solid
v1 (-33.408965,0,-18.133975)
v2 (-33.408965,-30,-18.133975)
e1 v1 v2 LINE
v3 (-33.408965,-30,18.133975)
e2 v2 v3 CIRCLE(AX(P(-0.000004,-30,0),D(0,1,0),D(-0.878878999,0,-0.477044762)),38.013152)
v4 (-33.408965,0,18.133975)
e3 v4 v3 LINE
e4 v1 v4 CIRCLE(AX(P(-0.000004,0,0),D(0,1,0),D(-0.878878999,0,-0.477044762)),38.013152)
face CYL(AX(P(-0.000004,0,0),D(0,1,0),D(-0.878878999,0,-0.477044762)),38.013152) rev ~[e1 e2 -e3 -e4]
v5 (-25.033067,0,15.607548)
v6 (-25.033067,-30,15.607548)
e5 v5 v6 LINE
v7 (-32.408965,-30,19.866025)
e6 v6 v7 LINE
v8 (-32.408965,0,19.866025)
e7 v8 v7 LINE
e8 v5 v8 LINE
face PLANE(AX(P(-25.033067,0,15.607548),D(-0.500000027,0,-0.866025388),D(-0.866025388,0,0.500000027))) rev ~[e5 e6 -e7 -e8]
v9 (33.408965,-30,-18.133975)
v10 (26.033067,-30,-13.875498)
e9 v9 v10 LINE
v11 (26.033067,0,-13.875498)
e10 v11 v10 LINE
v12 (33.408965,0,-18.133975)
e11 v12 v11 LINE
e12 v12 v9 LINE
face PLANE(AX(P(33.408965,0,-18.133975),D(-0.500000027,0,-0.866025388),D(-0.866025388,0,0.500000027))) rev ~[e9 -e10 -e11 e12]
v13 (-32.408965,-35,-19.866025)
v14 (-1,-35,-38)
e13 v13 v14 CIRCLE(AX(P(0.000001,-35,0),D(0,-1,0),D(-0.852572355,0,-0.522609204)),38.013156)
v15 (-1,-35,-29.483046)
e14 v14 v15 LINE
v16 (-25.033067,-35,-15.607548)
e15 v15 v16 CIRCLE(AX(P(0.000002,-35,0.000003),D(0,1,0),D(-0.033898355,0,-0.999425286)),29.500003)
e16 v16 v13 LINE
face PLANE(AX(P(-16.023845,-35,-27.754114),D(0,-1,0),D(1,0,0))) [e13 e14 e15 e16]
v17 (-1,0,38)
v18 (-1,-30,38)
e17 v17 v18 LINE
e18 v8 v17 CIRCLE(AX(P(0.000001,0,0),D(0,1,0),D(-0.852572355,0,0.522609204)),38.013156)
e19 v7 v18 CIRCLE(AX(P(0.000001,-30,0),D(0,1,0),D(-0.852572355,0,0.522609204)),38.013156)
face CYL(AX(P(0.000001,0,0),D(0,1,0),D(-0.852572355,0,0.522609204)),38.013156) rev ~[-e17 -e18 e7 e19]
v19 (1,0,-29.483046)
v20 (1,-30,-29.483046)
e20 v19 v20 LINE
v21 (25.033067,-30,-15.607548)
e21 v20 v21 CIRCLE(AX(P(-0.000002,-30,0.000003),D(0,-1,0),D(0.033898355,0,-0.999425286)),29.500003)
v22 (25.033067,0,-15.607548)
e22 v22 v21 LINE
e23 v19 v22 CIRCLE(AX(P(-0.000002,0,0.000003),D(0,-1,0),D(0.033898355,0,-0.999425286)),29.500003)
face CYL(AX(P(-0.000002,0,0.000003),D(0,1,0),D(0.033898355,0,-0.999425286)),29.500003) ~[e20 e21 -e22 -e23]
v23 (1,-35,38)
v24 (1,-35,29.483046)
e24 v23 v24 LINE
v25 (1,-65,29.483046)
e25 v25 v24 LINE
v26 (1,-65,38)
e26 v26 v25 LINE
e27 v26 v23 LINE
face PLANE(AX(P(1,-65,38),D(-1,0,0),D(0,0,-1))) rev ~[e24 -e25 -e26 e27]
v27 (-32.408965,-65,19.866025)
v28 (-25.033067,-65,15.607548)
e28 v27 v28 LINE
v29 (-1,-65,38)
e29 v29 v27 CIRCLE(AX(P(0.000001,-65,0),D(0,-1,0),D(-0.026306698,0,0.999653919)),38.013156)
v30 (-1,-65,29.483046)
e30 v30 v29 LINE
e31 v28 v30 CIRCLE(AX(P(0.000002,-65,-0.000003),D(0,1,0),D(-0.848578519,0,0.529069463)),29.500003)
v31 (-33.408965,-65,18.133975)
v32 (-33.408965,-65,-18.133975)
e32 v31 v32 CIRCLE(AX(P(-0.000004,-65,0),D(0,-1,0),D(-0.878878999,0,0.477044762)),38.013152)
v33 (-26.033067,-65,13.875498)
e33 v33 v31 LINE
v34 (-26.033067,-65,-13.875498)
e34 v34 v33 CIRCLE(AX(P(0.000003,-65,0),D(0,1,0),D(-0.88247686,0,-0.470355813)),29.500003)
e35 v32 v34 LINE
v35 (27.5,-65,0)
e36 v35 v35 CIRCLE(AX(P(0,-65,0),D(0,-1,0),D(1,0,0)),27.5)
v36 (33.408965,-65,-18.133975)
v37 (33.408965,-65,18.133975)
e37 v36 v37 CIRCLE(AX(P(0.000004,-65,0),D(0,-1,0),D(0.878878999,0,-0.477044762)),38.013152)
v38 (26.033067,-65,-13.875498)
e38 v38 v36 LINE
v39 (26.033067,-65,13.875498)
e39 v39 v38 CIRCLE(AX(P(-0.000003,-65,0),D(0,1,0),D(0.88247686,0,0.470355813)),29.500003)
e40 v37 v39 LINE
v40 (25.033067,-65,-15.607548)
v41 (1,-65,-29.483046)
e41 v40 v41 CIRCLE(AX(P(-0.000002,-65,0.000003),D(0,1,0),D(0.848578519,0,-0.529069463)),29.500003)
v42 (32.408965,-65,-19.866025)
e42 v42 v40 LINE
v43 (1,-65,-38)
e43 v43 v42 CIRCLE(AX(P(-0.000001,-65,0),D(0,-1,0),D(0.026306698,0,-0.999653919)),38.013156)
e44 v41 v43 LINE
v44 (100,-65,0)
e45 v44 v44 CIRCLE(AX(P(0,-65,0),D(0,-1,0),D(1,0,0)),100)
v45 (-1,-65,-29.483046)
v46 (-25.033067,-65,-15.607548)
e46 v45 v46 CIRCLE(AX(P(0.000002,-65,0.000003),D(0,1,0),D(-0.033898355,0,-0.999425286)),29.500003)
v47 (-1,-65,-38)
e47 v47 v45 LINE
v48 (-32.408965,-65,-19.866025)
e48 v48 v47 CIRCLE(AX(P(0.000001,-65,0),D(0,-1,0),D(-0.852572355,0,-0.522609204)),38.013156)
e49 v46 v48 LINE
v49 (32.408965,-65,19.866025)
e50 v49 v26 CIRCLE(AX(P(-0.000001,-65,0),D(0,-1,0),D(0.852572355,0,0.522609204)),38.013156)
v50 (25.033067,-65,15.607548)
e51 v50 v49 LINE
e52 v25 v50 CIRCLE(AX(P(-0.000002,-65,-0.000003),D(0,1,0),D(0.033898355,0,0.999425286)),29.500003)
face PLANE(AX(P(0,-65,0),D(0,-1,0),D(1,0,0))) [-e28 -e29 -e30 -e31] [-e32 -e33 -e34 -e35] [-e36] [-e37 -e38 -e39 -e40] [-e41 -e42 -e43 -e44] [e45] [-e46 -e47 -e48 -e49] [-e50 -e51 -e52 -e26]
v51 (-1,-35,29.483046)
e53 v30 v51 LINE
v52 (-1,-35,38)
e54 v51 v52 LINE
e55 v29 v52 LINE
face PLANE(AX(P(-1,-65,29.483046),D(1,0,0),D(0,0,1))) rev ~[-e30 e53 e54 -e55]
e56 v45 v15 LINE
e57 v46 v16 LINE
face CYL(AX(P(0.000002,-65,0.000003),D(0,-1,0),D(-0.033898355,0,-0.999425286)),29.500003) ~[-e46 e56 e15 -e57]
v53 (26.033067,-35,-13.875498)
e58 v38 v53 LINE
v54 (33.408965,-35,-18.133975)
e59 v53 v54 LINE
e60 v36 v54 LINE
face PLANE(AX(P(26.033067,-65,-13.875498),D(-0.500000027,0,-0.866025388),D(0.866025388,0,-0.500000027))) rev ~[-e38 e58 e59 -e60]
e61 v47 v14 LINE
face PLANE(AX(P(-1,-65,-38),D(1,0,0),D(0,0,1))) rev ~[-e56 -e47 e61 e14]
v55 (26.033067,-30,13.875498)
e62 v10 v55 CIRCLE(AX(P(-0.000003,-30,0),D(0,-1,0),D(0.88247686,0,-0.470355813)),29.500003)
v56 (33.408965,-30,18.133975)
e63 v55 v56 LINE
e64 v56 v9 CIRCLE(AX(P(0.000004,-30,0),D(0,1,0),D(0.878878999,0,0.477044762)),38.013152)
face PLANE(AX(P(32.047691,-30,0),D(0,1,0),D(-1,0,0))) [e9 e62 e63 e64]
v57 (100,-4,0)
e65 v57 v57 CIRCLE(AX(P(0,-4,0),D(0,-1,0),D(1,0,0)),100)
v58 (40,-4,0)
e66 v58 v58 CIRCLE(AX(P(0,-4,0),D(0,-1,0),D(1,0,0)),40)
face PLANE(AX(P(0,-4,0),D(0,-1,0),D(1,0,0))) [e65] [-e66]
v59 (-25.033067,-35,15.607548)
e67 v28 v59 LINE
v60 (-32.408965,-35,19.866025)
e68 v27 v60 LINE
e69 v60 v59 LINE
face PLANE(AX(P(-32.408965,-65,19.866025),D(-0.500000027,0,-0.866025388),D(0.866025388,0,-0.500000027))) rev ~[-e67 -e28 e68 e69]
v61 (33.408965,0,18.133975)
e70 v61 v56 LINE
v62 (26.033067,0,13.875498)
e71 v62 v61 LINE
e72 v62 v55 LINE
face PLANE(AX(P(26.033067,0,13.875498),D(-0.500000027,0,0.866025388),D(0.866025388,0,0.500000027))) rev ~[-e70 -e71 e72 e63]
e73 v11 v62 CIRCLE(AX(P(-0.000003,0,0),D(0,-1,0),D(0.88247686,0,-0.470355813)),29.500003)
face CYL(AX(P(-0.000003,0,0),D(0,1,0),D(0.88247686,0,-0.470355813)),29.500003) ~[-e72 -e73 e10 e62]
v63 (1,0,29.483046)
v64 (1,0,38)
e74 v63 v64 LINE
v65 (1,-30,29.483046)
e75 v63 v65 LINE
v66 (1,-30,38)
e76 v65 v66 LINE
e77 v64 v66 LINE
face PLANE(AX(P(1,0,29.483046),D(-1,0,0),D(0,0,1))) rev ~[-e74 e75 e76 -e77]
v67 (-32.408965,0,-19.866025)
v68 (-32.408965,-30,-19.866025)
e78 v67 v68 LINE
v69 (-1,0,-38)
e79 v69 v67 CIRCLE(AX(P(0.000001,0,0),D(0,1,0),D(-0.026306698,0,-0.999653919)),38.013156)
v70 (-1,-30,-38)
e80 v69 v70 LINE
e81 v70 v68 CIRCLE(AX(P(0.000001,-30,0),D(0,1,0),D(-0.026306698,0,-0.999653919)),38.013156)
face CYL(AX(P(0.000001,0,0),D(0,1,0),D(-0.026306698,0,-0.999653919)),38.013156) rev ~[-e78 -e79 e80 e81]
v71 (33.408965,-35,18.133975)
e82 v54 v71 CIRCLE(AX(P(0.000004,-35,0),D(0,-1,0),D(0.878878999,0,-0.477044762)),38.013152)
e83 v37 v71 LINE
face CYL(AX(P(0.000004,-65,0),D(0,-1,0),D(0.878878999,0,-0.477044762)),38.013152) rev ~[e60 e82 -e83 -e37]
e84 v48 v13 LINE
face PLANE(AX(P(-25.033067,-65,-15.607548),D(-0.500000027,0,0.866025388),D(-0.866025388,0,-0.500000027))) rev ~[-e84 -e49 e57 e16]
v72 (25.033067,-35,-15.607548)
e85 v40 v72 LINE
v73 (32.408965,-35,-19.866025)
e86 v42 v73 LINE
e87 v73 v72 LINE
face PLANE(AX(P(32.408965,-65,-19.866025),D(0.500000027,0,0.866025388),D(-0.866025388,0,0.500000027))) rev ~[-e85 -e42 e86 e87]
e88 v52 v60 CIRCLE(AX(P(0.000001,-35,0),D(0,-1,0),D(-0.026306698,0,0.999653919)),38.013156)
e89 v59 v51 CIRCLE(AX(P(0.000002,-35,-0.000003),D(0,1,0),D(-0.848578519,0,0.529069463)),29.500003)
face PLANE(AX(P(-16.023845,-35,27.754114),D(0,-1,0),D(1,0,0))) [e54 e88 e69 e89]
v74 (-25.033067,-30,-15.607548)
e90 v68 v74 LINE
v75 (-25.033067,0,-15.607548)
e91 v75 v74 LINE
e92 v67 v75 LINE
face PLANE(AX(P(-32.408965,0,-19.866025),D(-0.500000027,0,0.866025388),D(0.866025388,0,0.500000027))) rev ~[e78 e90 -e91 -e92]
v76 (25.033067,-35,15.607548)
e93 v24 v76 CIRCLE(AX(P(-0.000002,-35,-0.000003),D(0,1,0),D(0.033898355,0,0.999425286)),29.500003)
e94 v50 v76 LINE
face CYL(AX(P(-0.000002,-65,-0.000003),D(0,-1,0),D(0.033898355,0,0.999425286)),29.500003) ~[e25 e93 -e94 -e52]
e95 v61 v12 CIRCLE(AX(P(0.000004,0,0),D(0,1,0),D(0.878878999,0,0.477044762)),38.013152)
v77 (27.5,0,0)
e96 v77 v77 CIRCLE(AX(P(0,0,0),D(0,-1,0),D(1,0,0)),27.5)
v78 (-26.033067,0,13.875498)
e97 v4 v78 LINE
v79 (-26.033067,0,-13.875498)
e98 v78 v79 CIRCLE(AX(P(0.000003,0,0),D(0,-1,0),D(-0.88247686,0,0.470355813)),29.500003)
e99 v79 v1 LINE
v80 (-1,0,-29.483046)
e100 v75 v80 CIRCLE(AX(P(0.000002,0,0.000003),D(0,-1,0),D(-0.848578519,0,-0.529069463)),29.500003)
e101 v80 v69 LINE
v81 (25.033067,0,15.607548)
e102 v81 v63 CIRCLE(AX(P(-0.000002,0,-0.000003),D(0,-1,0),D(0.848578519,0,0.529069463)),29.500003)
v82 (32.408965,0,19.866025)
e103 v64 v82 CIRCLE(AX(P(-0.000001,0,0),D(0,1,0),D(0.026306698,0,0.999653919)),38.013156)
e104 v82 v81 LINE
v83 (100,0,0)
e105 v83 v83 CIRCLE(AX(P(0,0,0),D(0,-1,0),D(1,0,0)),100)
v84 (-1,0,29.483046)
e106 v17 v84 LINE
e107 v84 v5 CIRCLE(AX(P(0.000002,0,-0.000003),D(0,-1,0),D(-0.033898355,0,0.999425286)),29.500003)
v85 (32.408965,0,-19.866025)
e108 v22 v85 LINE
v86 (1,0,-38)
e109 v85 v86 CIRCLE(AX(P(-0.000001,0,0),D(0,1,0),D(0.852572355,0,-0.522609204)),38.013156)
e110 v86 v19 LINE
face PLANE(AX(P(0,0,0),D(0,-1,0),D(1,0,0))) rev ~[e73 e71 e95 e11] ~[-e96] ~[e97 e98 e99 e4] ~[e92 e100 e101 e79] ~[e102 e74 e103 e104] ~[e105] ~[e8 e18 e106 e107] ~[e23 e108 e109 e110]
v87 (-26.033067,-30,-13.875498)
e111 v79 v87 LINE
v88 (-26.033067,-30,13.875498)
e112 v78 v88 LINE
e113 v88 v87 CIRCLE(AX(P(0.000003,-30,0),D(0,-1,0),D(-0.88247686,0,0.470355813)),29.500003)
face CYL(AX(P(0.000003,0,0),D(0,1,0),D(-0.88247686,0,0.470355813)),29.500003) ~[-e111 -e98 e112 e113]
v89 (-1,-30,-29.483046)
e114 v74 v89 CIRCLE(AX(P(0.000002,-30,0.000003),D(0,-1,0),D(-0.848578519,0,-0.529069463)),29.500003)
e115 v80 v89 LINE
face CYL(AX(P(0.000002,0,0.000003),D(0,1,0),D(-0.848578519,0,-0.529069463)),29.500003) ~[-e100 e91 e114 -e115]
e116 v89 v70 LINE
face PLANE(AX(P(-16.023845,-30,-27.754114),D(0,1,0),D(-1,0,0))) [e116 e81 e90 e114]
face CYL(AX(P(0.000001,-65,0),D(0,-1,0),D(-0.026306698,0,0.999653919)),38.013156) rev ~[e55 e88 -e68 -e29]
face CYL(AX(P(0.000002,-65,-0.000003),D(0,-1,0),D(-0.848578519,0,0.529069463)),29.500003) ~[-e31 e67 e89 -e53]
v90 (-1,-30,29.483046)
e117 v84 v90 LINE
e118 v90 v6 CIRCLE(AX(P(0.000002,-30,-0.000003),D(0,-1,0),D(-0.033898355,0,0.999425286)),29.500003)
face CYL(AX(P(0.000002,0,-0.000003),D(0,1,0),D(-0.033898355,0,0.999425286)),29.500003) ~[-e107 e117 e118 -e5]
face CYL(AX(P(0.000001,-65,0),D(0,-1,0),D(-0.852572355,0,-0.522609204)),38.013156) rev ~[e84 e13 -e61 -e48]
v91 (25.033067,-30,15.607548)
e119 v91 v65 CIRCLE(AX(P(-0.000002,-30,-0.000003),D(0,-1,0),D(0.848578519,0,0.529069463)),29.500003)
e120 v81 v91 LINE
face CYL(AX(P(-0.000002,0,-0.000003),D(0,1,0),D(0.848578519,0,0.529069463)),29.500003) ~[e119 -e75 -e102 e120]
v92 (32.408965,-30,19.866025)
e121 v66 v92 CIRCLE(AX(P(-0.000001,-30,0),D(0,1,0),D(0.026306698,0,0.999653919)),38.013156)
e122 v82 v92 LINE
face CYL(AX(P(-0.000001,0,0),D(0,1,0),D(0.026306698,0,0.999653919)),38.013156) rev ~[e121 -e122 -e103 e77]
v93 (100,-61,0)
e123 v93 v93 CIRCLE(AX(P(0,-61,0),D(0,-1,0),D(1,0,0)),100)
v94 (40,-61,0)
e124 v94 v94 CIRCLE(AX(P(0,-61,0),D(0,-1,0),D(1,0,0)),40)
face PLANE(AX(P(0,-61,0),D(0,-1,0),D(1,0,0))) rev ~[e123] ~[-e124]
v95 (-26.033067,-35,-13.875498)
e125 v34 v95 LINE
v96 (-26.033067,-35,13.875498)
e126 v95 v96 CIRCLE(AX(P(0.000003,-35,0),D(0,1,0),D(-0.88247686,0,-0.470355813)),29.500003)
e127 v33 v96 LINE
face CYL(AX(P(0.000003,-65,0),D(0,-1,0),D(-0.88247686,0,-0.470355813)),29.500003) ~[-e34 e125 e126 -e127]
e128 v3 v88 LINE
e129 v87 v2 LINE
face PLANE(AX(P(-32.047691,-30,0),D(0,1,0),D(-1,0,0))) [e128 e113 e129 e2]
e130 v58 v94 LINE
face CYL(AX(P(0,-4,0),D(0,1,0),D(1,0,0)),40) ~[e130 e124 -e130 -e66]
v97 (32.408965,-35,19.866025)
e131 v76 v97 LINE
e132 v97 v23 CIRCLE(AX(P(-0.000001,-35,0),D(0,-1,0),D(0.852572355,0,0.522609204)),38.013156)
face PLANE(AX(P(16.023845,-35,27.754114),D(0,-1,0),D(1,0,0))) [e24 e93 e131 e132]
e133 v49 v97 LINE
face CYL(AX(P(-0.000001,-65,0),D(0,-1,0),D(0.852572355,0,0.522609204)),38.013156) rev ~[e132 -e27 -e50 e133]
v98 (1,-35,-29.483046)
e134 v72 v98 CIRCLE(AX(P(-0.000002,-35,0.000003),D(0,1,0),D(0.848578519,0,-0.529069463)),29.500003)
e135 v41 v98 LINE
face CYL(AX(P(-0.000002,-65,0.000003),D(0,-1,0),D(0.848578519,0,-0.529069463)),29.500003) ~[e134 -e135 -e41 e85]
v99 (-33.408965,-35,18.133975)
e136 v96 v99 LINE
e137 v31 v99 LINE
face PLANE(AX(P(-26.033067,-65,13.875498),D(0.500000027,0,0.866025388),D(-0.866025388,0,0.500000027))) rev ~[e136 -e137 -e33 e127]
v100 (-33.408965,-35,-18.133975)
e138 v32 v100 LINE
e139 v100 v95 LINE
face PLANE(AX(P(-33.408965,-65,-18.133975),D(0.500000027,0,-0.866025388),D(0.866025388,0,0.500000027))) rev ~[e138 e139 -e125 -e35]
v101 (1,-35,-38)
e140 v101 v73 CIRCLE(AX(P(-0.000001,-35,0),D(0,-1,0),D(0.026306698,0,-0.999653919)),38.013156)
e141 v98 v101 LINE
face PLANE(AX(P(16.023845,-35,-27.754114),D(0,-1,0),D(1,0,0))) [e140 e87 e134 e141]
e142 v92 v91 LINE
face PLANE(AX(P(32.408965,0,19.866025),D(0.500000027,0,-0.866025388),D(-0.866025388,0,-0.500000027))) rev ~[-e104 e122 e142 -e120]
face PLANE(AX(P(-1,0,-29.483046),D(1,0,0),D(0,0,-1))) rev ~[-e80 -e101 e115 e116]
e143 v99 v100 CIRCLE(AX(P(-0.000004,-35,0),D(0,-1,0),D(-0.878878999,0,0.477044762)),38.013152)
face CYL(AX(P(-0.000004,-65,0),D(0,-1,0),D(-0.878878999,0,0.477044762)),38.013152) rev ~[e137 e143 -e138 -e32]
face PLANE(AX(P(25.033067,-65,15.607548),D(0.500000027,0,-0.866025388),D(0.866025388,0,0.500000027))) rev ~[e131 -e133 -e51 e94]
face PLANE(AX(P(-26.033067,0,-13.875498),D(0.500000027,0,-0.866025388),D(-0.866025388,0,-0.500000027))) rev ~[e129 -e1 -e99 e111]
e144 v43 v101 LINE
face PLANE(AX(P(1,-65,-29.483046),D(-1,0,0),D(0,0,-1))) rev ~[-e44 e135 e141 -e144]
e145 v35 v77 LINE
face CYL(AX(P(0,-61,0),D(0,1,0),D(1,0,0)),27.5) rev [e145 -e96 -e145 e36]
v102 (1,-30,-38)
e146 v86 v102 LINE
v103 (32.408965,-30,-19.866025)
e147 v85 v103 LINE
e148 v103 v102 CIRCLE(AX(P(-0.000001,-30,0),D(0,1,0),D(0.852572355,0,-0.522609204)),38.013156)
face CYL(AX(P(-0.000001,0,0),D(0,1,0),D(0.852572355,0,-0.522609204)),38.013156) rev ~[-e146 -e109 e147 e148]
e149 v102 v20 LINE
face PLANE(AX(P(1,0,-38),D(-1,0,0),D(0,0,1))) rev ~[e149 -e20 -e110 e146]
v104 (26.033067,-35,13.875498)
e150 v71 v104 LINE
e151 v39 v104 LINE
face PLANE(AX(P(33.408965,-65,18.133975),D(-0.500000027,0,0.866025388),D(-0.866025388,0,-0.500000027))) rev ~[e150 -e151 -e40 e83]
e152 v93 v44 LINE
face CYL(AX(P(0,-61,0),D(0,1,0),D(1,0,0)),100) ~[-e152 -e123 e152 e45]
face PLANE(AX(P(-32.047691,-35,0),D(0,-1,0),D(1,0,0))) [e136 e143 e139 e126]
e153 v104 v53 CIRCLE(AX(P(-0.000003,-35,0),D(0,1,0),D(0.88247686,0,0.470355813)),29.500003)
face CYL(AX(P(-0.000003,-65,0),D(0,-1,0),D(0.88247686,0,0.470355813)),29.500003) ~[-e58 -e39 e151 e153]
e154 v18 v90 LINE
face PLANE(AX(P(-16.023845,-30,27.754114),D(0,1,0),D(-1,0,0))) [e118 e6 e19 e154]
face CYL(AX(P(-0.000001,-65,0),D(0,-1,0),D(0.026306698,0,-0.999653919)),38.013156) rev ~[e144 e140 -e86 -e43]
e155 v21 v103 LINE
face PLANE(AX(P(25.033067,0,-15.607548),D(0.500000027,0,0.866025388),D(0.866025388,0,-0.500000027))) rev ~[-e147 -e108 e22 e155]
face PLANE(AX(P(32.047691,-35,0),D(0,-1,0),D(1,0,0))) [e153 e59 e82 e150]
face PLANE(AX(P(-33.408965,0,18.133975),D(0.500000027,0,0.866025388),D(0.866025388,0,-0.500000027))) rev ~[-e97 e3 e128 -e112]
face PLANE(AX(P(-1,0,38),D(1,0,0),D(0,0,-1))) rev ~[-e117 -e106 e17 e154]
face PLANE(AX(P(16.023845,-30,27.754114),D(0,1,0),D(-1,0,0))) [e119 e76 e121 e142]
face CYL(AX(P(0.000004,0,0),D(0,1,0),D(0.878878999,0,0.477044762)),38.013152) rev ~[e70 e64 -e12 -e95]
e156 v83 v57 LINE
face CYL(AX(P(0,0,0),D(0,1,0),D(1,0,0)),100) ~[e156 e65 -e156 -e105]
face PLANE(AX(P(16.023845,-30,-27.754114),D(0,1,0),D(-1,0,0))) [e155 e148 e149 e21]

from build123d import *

# Parameters (mm, degrees)
F0_R     = 100
F0_R_2   = 27.5
F1_DEPTH = 4
F2_R     = 40
F2_R_2   = 27.5
F3_DEPTH = 57
F4_R     = 100
F4_R_2   = 27.5
F5_DEPTH = 4
F7_DEPTH = 30
F9_DEPTH = 30


with BuildPart() as f1:
    # F0 (on Front) → F1 (new body)
    with BuildSketch(Plane.XZ):
        Circle(F0_R)
        Circle(F0_R_2, mode=Mode.SUBTRACT)
    extrude(amount=F1_DEPTH)

    # F2 (on face) → F3 (join)
    with BuildSketch(Plane.XZ.offset(4)):
        Circle(F2_R)
        Circle(F2_R_2, mode=Mode.SUBTRACT)
    extrude(amount=F3_DEPTH)

    # F4 (on face) → F5 (join)
    with BuildSketch(Plane.XZ.offset(61)):
        Circle(F4_R)
        Circle(F4_R_2, mode=Mode.SUBTRACT)
    extrude(amount=F5_DEPTH)

    # F6 (on face) → F7 (cut)
    with BuildSketch(Plane(origin=(0, 0, 0), x_dir=(-1, 0, 0), z_dir=(0, 1, 0))):
        with BuildLine():
            ThreePointArc((32.408965, 19.866025), (19.006578, 32.920358), (1, 38))
            Line((1, 38), (1, 29.483046))
            ThreePointArc((1, 29.483046), (14.75, 25.547749), (25.033067, 15.607548))
            Line((25.033067, 15.607548), (32.408965, 19.866025))
        make_face()
        with BuildLine():
            ThreePointArc((-25.033067, 15.607548), (-14.75, 25.547749), (-1, 29.483046))
            Line((-1, 29.483046), (-1, 38))
            ThreePointArc((-1, 38), (-19.006578, 32.920358), (-32.408965, 19.866025))
            Line((-32.408965, 19.866025), (-25.033067, 15.607548))
        make_face()
        with BuildLine():
            ThreePointArc((-26.033067, -13.875498), (-29.5, 0), (-26.033067, 13.875498))
            Line((-26.033067, 13.875498), (-33.408965, 18.133975))
            ThreePointArc((-33.408965, 18.133975), (-38.013156, 0), (-33.408965, -18.133975))
            Line((-33.408965, -18.133975), (-26.033067, -13.875498))
        make_face()
        with BuildLine():
            ThreePointArc((-1, -29.483046), (-14.75, -25.547749), (-25.033067, -15.607548))
            Line((-25.033067, -15.607548), (-32.408965, -19.866025))
            ThreePointArc((-32.408965, -19.866025), (-19.006578, -32.920358), (-1, -38))
            Line((-1, -38), (-1, -29.483046))
        make_face()
        with BuildLine():
            ThreePointArc((25.033067, -15.607548), (14.75, -25.547749), (1, -29.483046))
            Line((1, -29.483046), (1, -38))
            ThreePointArc((1, -38), (19.006578, -32.920358), (32.408965, -19.866025))
            Line((32.408965, -19.866025), (25.033067, -15.607548))
        make_face()
        with BuildLine():
            ThreePointArc((26.033067, 13.875498), (29.5, 0), (26.033067, -13.875498))
            Line((26.033067, -13.875498), (33.408965, -18.133975))
            ThreePointArc((33.408965, -18.133975), (38.013156, 0), (33.408965, 18.133975))
            Line((33.408965, 18.133975), (26.033067, 13.875498))
        make_face()
    extrude(amount=-F7_DEPTH, mode=Mode.SUBTRACT)

    # F8 (on face) → F9 (cut)
    with BuildSketch(Plane.XZ.offset(65)):
        with BuildLine():
            ThreePointArc((32.408965, 19.866025), (19.006578, 32.920358), (1, 38))
            Line((1, 38), (1, 29.483046))
            ThreePointArc((1, 29.483046), (14.75, 25.547749), (25.033067, 15.607548))
            Line((25.033067, 15.607548), (32.408965, 19.866025))
        make_face()
        with BuildLine():
            Line((-32.408965, 19.866025), (-25.033067, 15.607548))
            ThreePointArc((-25.033067, 15.607548), (-14.75, 25.547749), (-1, 29.483046))
            Line((-1, 29.483046), (-1, 38))
            ThreePointArc((-1, 38), (-19.006578, 32.920358), (-32.408965, 19.866025))
        make_face()
        with BuildLine():
            Line((-33.408965, -18.133975), (-26.033067, -13.875498))
            ThreePointArc((-26.033067, -13.875498), (-29.5, 0), (-26.033067, 13.875498))
            Line((-26.033067, 13.875498), (-33.408965, 18.133975))
            ThreePointArc((-33.408965, 18.133975), (-38.013156, 0), (-33.408965, -18.133975))
        make_face()
        with BuildLine():
            Line((-1, -38), (-1, -29.483046))
            ThreePointArc((-1, -29.483046), (-14.75, -25.547749), (-25.033067, -15.607548))
            Line((-25.033067, -15.607548), (-32.408965, -19.866025))
            ThreePointArc((-32.408965, -19.866025), (-19.006578, -32.920358), (-1, -38))
        make_face()
        with BuildLine():
            Line((32.408965, -19.866025), (25.033067, -15.607548))
            ThreePointArc((25.033067, -15.607548), (14.75, -25.547749), (1, -29.483046))
            Line((1, -29.483046), (1, -38))
            ThreePointArc((1, -38), (19.006578, -32.920358), (32.408965, -19.866025))
        make_face()
        with BuildLine():
            Line((33.408965, 18.133975), (26.033067, 13.875498))
            ThreePointArc((26.033067, 13.875498), (29.5, 0), (26.033067, -13.875498))
            Line((26.033067, -13.875498), (33.408965, -18.133975))
            ThreePointArc((33.408965, -18.133975), (38.013156, 0), (33.408965, 18.133975))
        make_face()
    extrude(amount=-F9_DEPTH, mode=Mode.SUBTRACT)


solid = f1.part
